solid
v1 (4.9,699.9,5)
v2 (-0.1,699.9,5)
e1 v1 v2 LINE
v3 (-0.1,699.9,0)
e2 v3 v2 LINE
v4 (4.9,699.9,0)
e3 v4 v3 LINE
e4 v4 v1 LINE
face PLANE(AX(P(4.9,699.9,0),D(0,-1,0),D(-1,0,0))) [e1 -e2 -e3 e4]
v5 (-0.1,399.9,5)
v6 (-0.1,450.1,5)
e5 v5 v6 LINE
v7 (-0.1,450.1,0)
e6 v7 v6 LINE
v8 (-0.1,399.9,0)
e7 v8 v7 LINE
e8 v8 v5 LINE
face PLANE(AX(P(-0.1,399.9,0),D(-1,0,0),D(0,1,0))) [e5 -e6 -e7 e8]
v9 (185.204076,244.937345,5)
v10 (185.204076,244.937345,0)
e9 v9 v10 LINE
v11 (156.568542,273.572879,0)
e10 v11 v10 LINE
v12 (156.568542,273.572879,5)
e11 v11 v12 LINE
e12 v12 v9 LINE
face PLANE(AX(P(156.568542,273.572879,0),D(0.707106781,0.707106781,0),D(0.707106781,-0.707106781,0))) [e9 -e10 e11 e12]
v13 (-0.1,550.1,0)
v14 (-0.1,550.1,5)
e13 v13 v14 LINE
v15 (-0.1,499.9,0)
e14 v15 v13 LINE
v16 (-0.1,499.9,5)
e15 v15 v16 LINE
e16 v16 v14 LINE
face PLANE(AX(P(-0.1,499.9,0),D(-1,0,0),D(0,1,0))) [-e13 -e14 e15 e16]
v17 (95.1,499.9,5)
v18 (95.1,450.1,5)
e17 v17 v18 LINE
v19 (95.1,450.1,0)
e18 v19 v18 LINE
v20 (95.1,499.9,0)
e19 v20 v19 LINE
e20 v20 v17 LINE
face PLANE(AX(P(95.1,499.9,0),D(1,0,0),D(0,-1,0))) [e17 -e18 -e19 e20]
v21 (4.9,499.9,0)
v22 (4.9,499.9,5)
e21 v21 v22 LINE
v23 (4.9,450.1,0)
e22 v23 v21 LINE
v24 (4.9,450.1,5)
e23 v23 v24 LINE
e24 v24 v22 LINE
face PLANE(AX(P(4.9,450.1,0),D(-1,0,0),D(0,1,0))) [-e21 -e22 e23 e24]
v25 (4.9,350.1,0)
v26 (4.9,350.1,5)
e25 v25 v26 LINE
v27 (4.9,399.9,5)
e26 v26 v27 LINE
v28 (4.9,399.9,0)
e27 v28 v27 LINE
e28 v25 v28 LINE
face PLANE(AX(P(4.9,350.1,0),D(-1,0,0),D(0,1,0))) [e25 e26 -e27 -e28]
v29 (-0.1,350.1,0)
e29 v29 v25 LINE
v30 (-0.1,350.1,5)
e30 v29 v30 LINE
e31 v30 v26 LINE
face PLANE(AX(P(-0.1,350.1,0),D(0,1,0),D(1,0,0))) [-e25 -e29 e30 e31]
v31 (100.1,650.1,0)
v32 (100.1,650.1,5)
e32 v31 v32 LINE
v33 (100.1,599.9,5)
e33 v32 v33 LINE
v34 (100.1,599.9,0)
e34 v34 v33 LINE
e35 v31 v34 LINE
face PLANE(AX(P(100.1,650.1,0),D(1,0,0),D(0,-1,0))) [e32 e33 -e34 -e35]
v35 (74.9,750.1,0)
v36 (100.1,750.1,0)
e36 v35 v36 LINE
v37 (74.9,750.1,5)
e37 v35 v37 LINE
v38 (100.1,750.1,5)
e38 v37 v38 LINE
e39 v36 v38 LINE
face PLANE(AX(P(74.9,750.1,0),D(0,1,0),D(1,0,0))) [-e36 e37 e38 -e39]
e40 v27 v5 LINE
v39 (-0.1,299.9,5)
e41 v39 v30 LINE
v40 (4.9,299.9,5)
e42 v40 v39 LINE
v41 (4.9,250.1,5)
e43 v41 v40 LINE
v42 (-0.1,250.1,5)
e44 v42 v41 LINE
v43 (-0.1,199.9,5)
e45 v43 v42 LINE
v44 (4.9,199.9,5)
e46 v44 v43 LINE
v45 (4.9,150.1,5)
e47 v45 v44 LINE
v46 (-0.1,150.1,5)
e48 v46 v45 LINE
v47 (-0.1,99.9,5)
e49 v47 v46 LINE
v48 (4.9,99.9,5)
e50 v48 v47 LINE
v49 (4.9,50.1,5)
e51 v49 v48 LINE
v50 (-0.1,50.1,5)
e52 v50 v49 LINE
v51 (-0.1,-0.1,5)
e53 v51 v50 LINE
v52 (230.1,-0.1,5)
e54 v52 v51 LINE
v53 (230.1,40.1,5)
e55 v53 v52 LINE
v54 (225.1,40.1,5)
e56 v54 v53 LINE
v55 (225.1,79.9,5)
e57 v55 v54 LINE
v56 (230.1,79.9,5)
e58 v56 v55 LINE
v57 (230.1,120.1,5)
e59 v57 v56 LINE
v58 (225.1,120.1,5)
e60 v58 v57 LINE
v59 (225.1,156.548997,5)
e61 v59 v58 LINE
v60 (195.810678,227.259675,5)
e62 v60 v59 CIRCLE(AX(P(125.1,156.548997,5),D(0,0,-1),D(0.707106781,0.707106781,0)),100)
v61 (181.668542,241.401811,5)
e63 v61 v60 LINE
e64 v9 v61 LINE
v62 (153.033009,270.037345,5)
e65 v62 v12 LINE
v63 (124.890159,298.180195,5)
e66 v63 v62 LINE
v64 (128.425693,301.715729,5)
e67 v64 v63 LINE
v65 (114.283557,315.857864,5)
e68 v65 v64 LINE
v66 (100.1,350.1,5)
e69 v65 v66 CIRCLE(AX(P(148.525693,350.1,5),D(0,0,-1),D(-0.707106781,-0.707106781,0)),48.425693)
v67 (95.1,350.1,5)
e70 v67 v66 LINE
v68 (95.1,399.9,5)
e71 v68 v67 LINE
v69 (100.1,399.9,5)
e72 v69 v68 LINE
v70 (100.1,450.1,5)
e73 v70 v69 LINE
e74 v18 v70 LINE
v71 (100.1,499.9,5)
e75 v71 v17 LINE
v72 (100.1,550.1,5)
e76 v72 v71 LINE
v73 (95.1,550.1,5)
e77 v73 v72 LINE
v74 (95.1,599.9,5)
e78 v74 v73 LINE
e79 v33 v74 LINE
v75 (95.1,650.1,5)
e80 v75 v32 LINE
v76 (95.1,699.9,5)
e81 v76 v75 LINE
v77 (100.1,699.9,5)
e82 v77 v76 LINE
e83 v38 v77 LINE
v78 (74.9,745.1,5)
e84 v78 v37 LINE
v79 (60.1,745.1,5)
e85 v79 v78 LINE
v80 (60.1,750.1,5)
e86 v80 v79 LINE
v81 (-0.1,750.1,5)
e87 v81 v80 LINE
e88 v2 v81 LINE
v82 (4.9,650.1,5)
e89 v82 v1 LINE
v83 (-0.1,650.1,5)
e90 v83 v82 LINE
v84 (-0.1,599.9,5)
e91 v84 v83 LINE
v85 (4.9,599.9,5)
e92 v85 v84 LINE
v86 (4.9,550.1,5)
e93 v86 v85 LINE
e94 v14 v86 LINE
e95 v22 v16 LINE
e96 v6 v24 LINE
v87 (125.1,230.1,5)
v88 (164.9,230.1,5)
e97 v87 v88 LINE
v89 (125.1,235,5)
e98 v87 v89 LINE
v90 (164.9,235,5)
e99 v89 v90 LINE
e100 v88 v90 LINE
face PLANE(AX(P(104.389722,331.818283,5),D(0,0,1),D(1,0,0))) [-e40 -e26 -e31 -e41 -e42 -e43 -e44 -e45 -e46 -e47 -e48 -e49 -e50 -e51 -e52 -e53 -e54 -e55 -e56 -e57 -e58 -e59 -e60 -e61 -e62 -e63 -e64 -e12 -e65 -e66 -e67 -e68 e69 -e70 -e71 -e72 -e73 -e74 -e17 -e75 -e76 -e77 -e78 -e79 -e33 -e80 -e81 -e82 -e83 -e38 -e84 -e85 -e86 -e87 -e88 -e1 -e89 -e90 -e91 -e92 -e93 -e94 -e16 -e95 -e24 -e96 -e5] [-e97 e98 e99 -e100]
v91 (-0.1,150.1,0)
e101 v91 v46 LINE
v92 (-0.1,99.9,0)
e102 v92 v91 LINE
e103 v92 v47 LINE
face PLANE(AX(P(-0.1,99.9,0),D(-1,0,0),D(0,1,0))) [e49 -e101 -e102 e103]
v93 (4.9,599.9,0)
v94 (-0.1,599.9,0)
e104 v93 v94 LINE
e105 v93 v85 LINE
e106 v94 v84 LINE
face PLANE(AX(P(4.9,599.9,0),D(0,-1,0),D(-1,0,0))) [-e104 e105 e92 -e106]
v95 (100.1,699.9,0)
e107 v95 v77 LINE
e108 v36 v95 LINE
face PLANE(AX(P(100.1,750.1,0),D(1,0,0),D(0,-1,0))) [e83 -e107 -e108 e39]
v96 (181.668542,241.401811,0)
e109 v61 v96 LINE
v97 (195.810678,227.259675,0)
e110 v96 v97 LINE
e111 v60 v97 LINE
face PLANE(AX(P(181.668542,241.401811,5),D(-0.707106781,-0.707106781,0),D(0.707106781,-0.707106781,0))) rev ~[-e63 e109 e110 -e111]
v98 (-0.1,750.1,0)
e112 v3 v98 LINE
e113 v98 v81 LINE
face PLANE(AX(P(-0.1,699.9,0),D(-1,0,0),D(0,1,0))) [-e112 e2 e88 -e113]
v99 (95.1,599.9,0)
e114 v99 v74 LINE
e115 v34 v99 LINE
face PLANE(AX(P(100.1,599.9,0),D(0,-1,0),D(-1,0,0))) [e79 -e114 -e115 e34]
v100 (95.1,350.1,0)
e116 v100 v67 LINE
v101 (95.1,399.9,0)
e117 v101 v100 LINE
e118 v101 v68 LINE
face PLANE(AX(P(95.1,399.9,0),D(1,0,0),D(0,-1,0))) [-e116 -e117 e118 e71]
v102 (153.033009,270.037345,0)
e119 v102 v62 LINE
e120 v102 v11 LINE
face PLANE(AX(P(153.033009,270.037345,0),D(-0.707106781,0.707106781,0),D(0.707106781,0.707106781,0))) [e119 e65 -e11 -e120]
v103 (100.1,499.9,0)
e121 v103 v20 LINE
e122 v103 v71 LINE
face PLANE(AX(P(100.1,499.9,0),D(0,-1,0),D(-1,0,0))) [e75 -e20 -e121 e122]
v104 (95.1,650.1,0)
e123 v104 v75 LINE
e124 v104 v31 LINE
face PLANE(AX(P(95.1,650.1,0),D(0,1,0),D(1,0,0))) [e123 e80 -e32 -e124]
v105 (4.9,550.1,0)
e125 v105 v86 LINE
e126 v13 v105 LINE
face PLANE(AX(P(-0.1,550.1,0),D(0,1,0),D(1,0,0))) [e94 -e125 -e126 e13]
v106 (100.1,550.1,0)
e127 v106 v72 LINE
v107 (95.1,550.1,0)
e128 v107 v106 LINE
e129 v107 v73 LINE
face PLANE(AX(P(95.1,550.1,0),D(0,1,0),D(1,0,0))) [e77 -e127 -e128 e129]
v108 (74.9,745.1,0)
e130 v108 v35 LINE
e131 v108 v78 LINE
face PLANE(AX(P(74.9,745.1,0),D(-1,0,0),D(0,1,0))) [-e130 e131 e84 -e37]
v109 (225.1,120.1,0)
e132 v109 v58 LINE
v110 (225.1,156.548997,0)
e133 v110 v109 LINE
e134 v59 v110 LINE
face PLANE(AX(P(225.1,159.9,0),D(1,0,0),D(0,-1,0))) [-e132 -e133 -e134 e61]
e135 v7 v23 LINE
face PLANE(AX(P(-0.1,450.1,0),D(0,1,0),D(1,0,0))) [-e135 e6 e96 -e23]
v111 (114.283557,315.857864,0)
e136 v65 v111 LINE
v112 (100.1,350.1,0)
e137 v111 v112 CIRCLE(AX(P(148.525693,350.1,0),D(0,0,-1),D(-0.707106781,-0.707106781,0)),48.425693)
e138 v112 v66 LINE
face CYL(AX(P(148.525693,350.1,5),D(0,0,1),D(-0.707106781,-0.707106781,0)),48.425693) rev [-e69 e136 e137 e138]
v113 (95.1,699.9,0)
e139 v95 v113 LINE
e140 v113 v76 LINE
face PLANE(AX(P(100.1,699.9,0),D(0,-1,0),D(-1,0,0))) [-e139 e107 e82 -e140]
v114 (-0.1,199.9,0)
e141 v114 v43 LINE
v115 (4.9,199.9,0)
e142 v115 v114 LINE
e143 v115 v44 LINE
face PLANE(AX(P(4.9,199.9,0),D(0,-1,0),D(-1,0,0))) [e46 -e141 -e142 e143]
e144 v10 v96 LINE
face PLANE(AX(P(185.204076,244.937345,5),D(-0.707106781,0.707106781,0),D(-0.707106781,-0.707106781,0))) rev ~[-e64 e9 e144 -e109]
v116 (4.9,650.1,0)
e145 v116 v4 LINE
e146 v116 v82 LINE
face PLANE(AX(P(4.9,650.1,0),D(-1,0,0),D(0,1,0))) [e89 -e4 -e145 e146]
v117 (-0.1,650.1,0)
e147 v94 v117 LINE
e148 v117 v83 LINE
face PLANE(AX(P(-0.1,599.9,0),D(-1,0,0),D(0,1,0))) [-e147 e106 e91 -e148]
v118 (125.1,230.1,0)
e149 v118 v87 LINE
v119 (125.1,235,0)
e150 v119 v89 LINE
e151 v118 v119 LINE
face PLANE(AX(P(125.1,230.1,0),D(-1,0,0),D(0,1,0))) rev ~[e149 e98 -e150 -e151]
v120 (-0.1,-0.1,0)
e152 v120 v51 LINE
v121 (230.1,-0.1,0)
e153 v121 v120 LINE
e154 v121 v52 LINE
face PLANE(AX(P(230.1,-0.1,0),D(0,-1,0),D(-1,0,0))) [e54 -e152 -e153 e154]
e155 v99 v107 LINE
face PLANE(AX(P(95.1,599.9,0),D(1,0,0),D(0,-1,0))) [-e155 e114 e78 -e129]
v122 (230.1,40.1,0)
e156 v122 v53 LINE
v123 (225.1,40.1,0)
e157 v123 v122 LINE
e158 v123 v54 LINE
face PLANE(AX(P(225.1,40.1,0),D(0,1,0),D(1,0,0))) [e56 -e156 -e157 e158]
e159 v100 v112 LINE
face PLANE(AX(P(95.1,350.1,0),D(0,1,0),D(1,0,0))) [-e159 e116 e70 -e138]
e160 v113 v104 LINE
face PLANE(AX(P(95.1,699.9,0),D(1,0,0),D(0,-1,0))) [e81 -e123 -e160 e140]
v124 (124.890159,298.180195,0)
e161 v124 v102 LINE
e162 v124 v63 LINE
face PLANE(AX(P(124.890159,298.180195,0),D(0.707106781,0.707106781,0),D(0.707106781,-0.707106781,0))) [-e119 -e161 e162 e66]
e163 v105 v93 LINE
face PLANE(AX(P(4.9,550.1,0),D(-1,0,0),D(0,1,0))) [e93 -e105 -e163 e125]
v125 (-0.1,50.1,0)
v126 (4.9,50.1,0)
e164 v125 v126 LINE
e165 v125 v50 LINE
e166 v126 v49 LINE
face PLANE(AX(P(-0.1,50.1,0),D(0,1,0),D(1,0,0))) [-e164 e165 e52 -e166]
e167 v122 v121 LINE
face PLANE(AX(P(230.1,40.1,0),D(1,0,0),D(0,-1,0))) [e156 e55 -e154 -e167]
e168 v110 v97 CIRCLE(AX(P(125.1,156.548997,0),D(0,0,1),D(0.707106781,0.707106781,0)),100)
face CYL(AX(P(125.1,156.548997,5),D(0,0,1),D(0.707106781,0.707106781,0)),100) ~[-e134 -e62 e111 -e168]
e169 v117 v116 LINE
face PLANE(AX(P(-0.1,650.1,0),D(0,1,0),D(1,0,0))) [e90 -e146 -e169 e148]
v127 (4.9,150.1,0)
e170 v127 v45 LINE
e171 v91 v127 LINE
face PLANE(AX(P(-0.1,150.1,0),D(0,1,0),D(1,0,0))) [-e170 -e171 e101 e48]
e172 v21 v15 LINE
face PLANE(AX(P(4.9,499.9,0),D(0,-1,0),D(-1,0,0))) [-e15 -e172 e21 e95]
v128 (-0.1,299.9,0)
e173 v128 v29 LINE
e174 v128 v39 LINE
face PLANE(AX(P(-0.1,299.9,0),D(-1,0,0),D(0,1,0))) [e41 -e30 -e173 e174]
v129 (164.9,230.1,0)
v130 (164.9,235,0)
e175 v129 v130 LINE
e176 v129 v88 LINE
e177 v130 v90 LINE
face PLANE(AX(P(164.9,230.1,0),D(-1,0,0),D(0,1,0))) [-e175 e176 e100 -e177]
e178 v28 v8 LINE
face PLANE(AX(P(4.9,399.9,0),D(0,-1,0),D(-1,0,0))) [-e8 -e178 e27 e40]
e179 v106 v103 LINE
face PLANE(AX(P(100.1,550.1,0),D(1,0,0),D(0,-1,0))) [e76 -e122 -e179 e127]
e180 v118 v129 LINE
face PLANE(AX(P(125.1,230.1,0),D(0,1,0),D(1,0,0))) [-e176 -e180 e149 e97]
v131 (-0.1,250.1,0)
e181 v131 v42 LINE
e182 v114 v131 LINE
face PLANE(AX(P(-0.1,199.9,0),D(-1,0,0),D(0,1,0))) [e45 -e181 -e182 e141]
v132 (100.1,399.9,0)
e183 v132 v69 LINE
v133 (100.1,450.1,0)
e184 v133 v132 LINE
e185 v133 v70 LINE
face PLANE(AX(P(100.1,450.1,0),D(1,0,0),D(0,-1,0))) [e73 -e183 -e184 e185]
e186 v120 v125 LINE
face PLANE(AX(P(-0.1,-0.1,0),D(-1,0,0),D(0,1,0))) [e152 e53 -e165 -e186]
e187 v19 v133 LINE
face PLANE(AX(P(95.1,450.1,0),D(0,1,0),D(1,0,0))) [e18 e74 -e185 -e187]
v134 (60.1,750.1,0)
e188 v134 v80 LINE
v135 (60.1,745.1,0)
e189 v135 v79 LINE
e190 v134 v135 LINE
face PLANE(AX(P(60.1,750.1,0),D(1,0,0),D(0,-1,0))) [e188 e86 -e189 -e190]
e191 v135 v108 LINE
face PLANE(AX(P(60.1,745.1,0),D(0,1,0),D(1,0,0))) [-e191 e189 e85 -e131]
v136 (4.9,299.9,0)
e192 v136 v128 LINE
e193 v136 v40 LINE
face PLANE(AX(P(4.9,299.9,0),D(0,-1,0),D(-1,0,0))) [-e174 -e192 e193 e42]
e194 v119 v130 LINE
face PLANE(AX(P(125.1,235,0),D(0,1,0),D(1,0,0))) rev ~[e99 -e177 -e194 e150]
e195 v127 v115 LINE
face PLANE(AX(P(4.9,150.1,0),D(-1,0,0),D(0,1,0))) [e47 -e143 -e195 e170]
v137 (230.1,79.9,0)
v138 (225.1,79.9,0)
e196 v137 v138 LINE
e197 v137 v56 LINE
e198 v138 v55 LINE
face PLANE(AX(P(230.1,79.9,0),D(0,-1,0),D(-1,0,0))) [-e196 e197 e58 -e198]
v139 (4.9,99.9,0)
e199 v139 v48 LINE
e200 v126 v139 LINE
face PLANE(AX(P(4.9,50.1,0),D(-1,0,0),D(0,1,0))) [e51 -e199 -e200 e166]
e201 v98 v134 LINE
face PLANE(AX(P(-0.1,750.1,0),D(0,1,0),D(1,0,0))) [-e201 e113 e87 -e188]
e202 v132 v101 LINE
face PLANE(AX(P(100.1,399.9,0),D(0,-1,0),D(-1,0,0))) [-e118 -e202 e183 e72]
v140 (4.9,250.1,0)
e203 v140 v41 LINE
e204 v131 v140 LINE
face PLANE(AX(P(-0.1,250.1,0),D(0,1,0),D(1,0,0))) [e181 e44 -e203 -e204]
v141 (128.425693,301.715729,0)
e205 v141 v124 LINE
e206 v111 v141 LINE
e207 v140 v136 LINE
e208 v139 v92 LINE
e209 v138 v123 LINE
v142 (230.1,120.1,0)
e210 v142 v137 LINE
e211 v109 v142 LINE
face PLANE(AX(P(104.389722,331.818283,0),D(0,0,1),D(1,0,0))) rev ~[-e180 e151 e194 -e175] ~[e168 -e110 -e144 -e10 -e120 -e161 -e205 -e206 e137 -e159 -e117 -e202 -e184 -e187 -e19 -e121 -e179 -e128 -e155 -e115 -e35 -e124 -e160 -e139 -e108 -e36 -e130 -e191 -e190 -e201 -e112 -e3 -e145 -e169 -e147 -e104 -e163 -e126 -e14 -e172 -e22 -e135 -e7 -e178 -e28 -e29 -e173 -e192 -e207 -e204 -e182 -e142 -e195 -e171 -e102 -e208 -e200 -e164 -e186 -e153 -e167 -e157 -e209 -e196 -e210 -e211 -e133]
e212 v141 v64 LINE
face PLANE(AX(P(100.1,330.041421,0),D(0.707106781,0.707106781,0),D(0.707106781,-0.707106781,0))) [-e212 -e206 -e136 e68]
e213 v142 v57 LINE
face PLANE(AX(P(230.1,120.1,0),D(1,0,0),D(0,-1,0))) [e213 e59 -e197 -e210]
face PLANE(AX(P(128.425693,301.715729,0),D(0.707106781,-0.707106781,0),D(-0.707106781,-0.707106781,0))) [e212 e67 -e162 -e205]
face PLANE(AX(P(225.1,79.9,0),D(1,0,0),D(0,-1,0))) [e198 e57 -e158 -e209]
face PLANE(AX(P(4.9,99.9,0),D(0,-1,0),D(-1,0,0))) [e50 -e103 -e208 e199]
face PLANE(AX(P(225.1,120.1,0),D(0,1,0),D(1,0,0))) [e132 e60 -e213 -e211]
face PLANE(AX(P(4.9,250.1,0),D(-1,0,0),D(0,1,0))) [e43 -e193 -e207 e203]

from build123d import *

# Parameters (mm, degrees)
ESQUISSE1_W             = 39.8
ESQUISSE1_H             = 4.9
BOSS_EXTRU_1_DEPTH      = 5
ENL_V_MAT_EXTRU_1_REACH = 7
BOSS_EXTRU_2_DEPTH      = 5


with BuildPart() as part:
    # Esquisse1 → Boss.-Extru.1 (new body)
    with BuildSketch(Plane.XY):
        Polygon((100.1, 330.041421356), (128.425692604, 301.715728753), (124.890158698, 298.180194847), (153.033008589, 270.037344955), (156.568542495, 273.572878861), (200.043297184, 230.098124172), (196.507763279, 226.562590266), (211.415404008, 211.654949536), (214.950937914, 215.190483442), (230.1, 200.041421356), (230.1, 159.9), (225.1, 159.9), (225.1, 120.1), (230.1, 120.1), (230.1, 79.9), (225.1, 79.9), (225.1, 40.1), (230.1, 40.1), (230.1, -0.1), (-0.1, -0.1), (-0.1, 50.1), (4.9, 50.1), (4.9, 99.9), (-0.1, 99.9), (-0.1, 150.1), (4.9, 150.1), (4.9, 199.9), (-0.1, 199.9), (-0.1, 250.1), (4.9, 250.1), (4.9, 299.9), (-0.1, 299.9), (-0.1, 350.1), (4.9, 350.1), (4.9, 399.9), (-0.1, 399.9), (-0.1, 450.1), (4.9, 450.1), (4.9, 499.9), (-0.1, 499.9), (-0.1, 550.1), (4.9, 550.1), (4.9, 599.9), (-0.1, 599.9), (-0.1, 650.1), (4.9, 650.1), (4.9, 699.9), (-0.1, 699.9), (-0.1, 750.1), (60.1, 750.1), (60.1, 745.1), (74.9, 745.1), (74.9, 750.1), (100.1, 750.1), (100.1, 699.9), (95.1, 699.9), (95.1, 650.1), (100.1, 650.1), (100.1, 599.9), (95.1, 599.9), (95.1, 550.1), (100.1, 550.1), (100.1, 499.9), (95.1, 499.9), (95.1, 450.1), (100.1, 450.1), (100.1, 399.9), (95.1, 399.9), (95.1, 350.1), (100.1, 350.1), align=None)
        with Locations((145, 232.55)):
            Rectangle(ESQUISSE1_W, ESQUISSE1_H, mode=Mode.SUBTRACT)
    extrude(amount=BOSS_EXTRU_1_DEPTH)

    # Esquisse3 → Enlèv. mat.-Extru.1 (cut, up to next)
    with BuildSketch(Plane.XY.offset(5), mode=Mode.PRIVATE) as enl_v_mat_extru_1_sk1:
        with BuildLine():
            Line((225.1, 156.548997307), (230.1, 156.548997307))
            Line((230.1, 156.548997307), (230.1, 200.041421356))
            Line((230.1, 200.041421356), (185.204076401, 244.937344955))
            Line((185.204076401, 244.937344955), (181.668542495, 241.401811049))
            Line((181.668542495, 241.401811049), (195.810678119, 227.259675426))
            ThreePointArc((195.810678119, 227.259675426), (217.487953251, 194.817340544), (225.1, 156.548997307))
        make_face()
    enl_v_mat_extru_1_tool1 = extrude(enl_v_mat_extru_1_sk1.sketch, amount=-ENL_V_MAT_EXTRU_1_REACH, mode=Mode.PRIVATE) & part.part
    add(enl_v_mat_extru_1_tool1.solids().sort_by_distance((215.811514, 201.214449, 5))[0], mode=Mode.SUBTRACT)

    # Esquisse4 → Boss.-Extru.2 (add)
    with BuildSketch(Plane.XY.offset(5)):
        with BuildLine():
            Line((100.1, 350.1), (100.1, 330.041421356))
            Line((100.1, 330.041421356), (114.28355698, 315.857864376))
            ThreePointArc((114.28355698, 315.857864376), (103.786186359, 331.56828974), (100.1, 350.1))
        make_face()
    extrude(amount=-BOSS_EXTRU_2_DEPTH)


solid = part.part
